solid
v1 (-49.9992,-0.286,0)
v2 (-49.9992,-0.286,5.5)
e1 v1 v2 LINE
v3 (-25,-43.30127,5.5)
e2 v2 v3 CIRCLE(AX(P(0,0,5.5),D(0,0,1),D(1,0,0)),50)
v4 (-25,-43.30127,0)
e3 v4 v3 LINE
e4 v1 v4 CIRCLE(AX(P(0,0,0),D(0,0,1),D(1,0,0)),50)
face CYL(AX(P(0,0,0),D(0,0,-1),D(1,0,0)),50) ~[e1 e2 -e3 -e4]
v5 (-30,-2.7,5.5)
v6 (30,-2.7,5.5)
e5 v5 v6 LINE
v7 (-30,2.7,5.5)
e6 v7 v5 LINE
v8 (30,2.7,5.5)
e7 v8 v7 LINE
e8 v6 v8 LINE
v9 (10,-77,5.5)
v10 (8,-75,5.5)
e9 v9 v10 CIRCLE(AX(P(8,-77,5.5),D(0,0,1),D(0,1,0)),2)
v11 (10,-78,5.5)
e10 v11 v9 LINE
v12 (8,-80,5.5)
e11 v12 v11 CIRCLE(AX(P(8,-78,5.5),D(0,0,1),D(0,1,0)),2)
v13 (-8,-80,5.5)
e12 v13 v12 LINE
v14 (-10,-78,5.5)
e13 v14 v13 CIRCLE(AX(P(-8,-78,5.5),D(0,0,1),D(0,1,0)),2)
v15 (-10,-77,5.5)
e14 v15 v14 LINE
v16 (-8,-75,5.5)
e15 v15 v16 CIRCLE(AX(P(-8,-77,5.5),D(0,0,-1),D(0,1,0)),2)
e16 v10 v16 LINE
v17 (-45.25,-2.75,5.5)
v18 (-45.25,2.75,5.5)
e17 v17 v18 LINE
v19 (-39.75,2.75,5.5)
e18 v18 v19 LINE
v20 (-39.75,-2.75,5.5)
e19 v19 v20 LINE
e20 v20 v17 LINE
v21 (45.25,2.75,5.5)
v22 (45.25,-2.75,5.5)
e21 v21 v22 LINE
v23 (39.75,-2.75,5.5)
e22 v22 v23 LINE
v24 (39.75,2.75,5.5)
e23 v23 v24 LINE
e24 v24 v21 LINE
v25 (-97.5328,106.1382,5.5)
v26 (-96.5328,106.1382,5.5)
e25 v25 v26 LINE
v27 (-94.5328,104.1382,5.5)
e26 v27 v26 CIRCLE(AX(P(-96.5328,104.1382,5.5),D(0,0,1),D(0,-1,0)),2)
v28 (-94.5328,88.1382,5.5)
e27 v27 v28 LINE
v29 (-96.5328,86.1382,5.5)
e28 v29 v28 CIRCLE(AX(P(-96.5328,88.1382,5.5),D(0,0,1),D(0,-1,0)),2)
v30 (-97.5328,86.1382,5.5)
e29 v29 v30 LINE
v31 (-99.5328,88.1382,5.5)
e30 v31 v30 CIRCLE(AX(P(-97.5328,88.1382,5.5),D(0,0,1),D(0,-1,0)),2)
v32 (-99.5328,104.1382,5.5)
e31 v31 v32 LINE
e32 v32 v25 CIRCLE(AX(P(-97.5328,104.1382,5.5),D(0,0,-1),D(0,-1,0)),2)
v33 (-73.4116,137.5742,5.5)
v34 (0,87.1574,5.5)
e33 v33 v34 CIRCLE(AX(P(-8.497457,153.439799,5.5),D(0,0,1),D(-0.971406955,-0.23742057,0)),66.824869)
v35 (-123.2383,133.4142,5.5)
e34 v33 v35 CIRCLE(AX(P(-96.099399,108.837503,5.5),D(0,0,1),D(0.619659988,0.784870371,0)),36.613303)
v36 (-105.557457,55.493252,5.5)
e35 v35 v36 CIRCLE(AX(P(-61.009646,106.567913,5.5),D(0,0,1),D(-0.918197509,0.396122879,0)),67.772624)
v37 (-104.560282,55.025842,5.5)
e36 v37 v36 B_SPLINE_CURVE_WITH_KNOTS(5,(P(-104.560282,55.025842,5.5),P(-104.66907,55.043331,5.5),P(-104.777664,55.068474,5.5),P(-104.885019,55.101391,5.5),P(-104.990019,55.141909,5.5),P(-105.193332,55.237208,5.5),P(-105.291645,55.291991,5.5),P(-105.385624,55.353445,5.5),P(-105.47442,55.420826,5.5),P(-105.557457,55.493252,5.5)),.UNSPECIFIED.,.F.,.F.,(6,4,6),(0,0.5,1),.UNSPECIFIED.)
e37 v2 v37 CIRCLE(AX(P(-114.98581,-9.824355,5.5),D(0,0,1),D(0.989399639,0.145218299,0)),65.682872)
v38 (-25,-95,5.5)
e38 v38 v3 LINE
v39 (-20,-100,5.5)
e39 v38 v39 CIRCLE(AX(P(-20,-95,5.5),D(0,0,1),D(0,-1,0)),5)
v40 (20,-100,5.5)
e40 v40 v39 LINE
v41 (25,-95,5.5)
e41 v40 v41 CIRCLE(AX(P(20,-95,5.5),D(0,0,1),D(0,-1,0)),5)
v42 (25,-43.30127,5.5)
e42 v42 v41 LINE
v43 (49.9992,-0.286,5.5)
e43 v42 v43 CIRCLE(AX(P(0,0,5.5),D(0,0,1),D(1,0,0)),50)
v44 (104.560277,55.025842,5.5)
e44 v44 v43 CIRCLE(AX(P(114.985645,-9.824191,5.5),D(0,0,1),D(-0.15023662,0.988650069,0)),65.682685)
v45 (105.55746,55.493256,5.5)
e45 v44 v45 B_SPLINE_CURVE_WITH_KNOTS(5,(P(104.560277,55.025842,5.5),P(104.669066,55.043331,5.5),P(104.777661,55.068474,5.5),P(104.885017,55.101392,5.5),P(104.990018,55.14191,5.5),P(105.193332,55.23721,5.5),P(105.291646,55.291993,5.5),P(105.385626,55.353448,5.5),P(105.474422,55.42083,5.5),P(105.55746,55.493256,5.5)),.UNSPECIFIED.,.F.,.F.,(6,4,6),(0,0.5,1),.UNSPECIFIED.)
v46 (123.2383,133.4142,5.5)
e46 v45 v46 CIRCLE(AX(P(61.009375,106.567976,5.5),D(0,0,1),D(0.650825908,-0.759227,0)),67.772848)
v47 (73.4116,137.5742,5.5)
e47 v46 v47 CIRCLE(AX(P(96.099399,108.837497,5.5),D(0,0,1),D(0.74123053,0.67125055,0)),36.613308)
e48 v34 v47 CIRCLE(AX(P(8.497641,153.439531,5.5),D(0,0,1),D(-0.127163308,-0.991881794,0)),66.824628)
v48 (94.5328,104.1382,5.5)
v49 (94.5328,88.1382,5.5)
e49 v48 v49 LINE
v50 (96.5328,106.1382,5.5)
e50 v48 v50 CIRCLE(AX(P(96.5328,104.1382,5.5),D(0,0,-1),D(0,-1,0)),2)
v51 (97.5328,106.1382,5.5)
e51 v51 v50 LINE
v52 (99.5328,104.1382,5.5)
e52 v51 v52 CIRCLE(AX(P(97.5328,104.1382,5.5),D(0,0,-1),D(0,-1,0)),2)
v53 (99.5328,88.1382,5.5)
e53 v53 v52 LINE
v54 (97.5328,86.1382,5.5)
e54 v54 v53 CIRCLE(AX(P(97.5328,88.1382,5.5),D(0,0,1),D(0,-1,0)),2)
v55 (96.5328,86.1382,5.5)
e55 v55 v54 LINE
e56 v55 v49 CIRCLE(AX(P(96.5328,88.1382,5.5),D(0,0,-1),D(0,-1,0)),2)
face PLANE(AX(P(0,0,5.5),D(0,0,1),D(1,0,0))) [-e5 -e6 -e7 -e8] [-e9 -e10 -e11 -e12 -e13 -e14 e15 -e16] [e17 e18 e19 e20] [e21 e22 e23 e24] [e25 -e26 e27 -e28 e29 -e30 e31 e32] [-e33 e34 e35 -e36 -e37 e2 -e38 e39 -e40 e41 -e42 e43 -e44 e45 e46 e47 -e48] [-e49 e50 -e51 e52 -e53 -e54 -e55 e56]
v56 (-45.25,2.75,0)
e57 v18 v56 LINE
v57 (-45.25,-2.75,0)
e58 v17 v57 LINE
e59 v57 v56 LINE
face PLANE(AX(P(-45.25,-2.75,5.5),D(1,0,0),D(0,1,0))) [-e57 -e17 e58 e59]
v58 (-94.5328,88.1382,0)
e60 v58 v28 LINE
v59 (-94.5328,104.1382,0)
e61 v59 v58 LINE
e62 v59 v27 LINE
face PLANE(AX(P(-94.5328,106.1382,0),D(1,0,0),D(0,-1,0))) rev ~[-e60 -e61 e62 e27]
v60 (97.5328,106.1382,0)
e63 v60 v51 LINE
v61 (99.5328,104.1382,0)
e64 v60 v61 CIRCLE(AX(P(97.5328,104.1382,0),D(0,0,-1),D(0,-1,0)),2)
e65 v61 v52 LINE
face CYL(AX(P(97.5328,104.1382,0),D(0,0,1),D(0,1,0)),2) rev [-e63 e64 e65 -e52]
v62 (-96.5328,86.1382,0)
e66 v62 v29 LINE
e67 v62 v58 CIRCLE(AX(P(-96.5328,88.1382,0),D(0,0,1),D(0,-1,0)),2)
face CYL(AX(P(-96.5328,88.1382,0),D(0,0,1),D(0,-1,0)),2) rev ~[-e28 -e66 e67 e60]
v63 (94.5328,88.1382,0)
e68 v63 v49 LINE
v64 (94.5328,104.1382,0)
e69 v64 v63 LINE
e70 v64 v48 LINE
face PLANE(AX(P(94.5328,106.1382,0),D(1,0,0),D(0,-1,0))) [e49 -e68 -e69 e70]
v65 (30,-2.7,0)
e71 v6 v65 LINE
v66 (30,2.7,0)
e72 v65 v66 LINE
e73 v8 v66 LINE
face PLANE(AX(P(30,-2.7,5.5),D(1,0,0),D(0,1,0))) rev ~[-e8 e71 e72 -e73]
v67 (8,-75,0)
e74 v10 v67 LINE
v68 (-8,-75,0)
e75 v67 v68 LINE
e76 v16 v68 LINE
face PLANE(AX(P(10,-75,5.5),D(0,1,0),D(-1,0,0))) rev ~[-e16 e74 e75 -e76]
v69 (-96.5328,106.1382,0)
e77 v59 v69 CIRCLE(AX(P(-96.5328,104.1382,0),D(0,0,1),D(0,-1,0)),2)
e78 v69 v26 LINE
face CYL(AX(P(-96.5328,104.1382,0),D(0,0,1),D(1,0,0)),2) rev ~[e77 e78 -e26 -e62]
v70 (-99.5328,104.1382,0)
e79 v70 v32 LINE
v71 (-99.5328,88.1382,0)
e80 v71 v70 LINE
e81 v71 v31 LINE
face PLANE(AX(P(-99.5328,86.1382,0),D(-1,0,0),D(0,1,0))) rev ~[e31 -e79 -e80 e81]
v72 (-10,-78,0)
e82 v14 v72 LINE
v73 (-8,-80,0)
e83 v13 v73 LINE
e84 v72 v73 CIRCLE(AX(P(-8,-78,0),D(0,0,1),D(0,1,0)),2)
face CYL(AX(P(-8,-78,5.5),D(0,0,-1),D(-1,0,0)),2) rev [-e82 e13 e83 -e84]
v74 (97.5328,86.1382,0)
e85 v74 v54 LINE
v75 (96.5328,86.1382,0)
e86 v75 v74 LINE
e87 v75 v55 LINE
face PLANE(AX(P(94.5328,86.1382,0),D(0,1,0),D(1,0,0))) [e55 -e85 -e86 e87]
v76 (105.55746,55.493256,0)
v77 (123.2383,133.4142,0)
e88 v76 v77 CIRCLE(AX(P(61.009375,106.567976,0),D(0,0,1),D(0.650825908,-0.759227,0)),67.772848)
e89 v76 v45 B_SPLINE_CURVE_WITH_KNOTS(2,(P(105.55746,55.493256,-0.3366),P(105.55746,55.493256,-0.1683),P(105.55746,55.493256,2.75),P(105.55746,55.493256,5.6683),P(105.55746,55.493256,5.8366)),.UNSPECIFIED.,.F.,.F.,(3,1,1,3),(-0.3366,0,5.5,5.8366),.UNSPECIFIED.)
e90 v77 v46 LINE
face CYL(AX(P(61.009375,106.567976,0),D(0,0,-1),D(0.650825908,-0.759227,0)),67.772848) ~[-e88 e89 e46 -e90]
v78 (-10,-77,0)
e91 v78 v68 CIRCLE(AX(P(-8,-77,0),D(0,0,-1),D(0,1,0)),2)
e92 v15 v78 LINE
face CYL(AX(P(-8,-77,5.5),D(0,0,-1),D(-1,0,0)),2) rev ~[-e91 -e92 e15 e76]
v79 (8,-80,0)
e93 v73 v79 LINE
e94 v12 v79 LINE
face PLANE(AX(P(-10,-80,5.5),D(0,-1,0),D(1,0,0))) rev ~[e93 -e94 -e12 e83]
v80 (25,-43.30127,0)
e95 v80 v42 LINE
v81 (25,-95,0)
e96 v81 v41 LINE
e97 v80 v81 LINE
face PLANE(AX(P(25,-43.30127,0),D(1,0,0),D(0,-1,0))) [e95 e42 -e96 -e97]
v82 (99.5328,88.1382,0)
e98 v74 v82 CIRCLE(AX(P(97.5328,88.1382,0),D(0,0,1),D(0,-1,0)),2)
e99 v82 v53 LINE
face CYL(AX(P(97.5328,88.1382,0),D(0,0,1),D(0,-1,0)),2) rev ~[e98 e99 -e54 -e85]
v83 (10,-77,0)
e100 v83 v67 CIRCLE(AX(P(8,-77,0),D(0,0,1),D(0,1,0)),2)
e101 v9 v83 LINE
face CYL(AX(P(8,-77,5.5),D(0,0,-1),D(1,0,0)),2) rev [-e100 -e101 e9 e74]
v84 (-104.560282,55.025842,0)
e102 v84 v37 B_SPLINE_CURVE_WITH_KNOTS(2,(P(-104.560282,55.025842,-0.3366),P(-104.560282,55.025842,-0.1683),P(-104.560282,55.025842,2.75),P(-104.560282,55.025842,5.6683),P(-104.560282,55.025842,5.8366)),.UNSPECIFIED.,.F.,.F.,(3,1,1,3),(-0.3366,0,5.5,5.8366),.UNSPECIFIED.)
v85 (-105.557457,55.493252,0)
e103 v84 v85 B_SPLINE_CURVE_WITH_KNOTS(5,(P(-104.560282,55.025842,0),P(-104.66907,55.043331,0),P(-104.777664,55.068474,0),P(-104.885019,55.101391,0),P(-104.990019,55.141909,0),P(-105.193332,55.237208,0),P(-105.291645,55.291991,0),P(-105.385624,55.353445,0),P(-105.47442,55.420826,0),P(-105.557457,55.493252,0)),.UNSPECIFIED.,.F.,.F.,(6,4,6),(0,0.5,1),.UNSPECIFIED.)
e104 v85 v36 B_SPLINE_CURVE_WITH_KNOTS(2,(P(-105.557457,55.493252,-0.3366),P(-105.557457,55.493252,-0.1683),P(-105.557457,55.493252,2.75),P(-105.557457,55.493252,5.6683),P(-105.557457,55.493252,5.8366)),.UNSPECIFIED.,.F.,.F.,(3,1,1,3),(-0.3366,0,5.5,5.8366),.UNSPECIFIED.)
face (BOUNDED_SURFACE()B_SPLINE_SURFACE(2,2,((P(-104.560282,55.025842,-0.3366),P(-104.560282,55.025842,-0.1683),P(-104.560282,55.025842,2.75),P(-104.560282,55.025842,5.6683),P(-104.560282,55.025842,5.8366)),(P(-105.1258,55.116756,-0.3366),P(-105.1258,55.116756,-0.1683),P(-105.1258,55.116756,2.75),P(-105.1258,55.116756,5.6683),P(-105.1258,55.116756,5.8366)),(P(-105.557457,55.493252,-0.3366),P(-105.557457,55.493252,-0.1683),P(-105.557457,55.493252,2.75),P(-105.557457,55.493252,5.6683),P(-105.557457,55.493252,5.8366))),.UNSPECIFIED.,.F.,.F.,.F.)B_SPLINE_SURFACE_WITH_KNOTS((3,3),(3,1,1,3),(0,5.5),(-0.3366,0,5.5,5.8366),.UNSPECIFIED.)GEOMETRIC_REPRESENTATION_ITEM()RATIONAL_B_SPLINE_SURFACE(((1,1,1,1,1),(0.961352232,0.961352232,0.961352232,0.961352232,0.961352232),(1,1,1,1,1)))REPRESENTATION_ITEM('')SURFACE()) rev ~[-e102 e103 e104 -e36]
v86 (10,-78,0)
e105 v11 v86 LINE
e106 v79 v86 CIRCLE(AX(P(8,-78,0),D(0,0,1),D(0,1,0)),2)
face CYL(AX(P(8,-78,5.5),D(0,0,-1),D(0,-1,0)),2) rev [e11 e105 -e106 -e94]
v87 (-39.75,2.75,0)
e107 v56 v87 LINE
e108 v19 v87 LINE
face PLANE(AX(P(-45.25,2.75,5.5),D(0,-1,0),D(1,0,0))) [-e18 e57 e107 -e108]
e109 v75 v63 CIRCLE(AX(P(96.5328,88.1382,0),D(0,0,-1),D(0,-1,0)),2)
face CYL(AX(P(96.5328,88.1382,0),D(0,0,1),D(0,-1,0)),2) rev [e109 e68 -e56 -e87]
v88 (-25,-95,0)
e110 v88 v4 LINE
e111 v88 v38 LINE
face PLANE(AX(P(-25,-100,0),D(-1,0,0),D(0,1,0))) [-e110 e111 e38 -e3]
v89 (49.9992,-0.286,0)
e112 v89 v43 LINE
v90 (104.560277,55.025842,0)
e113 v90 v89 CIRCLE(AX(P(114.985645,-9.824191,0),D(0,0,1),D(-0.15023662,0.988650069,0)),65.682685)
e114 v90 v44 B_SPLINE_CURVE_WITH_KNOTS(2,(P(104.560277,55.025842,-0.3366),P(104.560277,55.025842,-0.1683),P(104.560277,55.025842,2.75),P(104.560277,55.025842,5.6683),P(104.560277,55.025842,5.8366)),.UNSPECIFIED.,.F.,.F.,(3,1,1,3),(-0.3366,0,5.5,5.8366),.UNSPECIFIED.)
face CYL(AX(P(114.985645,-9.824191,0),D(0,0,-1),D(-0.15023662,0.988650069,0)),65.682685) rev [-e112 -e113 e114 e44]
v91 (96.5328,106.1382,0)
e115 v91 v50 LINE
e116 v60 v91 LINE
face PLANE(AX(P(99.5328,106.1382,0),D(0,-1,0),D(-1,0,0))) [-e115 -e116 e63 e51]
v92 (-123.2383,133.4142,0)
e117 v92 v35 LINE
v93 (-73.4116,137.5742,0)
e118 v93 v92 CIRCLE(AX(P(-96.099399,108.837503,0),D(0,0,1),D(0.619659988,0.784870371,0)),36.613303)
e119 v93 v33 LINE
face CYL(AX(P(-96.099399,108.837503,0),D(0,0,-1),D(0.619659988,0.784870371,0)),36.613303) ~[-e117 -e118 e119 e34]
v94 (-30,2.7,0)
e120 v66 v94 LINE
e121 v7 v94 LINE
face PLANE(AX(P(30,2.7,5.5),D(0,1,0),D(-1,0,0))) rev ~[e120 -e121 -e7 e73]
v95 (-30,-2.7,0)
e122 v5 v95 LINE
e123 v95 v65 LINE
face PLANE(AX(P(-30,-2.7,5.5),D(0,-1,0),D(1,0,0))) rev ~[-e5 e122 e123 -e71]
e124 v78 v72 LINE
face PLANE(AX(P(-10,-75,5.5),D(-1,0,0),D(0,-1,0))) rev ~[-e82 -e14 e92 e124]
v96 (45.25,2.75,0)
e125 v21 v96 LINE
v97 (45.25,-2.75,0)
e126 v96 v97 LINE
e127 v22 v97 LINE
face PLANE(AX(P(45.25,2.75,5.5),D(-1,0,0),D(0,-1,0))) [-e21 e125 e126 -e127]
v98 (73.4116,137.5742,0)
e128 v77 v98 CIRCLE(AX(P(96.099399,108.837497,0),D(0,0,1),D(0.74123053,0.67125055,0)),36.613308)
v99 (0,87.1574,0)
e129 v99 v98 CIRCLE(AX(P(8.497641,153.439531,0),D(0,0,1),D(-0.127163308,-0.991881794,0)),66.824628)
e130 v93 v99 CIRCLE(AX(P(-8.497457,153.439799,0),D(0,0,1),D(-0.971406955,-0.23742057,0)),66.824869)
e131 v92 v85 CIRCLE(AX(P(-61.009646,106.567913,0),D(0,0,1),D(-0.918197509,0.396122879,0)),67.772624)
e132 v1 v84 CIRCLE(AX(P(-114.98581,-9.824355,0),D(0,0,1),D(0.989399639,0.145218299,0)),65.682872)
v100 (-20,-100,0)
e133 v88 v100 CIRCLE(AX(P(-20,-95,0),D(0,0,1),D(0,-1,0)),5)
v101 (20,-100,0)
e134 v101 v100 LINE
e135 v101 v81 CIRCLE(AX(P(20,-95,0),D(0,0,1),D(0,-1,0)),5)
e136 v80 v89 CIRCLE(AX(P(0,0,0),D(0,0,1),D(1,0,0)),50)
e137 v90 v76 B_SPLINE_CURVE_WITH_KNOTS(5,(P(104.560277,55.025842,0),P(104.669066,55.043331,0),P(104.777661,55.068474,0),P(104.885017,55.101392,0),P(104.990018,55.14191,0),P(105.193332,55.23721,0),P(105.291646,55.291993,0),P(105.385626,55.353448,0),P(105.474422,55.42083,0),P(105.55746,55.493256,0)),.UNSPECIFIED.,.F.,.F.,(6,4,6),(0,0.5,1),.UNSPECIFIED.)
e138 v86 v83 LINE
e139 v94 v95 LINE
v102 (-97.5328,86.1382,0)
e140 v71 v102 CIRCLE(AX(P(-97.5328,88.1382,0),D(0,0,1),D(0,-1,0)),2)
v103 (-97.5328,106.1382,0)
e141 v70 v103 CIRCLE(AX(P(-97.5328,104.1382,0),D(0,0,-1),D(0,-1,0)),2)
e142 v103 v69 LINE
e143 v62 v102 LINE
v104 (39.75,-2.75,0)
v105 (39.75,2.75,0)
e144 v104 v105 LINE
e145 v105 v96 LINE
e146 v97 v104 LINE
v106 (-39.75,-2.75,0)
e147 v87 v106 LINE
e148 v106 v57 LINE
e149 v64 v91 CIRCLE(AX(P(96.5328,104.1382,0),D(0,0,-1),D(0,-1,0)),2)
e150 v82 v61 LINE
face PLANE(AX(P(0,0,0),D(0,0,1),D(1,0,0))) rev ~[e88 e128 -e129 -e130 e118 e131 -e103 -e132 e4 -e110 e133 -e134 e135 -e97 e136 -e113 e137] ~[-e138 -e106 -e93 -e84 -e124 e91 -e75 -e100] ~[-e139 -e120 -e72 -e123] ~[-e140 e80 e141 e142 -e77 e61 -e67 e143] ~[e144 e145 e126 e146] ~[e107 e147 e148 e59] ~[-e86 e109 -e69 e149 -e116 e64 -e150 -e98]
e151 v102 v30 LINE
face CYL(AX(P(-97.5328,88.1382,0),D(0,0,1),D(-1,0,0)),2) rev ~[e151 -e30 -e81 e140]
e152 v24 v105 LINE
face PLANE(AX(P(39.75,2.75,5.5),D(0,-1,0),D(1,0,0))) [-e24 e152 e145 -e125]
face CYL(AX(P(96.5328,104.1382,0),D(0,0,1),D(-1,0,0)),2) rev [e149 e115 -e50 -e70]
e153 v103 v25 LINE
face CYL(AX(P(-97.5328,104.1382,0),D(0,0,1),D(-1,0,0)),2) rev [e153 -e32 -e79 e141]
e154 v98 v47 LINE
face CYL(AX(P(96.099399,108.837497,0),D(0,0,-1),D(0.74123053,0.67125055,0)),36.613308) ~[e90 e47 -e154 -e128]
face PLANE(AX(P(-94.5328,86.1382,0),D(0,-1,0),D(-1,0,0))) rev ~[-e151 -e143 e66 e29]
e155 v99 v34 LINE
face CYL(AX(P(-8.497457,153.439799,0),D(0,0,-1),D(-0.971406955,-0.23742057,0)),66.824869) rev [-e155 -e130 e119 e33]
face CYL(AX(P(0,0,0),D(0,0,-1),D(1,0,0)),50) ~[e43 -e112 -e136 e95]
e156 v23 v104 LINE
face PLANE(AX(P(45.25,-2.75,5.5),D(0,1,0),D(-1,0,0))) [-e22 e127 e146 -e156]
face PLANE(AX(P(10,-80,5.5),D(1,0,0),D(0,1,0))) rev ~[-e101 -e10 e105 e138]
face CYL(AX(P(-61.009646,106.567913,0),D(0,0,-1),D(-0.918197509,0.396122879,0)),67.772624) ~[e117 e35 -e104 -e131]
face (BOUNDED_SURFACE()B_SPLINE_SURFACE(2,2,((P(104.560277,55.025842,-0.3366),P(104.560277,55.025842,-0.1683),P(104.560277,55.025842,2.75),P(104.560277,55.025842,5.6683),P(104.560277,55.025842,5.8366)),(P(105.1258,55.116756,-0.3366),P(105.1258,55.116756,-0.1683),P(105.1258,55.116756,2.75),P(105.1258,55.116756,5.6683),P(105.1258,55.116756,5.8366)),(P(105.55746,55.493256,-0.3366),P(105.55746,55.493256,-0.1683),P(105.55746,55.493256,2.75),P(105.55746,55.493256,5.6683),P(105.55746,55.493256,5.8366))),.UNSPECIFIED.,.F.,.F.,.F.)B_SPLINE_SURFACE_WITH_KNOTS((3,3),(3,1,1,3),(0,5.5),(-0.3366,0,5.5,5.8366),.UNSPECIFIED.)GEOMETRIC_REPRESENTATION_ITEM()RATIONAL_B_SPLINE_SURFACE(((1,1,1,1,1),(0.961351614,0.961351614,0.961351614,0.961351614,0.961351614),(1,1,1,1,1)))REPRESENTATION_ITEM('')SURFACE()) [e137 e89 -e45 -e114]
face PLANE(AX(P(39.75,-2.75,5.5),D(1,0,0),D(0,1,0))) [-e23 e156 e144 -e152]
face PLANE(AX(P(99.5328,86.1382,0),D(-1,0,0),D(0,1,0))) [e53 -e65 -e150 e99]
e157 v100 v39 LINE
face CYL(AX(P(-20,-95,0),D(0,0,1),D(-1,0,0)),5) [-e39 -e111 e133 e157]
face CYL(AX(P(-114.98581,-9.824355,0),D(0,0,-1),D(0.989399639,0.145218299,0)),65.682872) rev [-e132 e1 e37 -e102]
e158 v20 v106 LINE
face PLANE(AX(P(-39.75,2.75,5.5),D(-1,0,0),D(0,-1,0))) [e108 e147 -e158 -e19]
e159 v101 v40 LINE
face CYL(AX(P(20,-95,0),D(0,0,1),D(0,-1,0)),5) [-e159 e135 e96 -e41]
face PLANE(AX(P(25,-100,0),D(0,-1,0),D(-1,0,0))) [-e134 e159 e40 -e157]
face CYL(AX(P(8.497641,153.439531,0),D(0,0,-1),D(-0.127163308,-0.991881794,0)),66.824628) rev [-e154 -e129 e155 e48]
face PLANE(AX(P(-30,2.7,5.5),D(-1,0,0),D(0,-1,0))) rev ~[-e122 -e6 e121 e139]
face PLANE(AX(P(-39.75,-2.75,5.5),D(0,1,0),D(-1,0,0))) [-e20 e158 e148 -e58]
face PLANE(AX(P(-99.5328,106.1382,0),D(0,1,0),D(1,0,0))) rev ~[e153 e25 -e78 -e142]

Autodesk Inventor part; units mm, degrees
ref_plane "YZ Plane" through (0, 0, 0) normal (1, 0, 0) x (0, 1, 0)
ref_plane "XZ Plane" through (0, 0, 0) normal (0, 1, 0) x (-1, 0, 0)
ref_plane "XY Plane" through (0, 0, 0) normal (0, 0, 1) x (1, 0, 0)
sketch "Sketch1" plane through (0, 0, 0) normal (0, 0, 1) x (1, 0, 0)
  circle A0 centre (0, 0) radius 50
  arc A1 (-73.4116, 137.5742) -> (0, 87.1574) centre (-8.4976, 153.4397) ccw
  arc A2 (-73.4116, 137.5742) -> (-123.2383, 133.4142) centre (-96.0994, 108.8375) ccw
  arc A3 (-123.2383, 133.4142) -> (-105.1177, 55.113) centre (-61.0095, 106.5679) ccw
  arc A4 (-49.9992, -0.286) -> (-105.1177, 55.113) centre (-114.9857, -9.8243) ccw
  line L0 (-25, 0) -> (25, 0)
  line L1 (25, 0) -> (25, -100)
  line L2 (25, -100) -> (-25, -100)
  line L3 (-25, -100) -> (-25, 0)
  line L4 (0, 63.4714) -> (21.5005, 63.4714) construction
  line L5 (-99.5328, 106.1382) -> (-94.5328, 106.1382)
  line L6 (-94.5328, 106.1382) -> (-94.5328, 86.1382)
  line L7 (-94.5328, 86.1382) -> (-99.5328, 86.1382)
  line L8 (-99.5328, 86.1382) -> (-99.5328, 106.1382)
  arc A5 (0, 87.1574) -> (73.4116, 137.5742) centre (8.4976, 153.4397) ccw
  arc A6 (123.2383, 133.4142) -> (73.4116, 137.5742) centre (96.0994, 108.8375) ccw
  arc A7 (105.1177, 55.113) -> (123.2383, 133.4142) centre (61.0095, 106.5679) ccw
  arc A8 (105.1177, 55.113) -> (49.9992, -0.286) centre (114.9857, -9.8243) ccw
  line L9 (99.5328, 106.1382) -> (94.5328, 106.1382)
  line L10 (94.5328, 106.1382) -> (94.5328, 86.1382)
  line L11 (94.5328, 86.1382) -> (99.5328, 86.1382)
  line L12 (99.5328, 86.1382) -> (99.5328, 106.1382)
  line L13 (49.9992, -0.286) -> (-49.9992, -0.286)
  line L14 (-7.7212, -92.2433) -> (-3.7298, -89.2319)
  line L15 (-3.7298, -89.2319) -> (-15.7757, -73.2664)
  line L16 (-15.7757, -73.2664) -> (-19.7671, -76.2779)
  line L17 (-19.7671, -76.2779) -> (-7.7212, -92.2433)
  line L18 (7.7212, -92.2433) -> (3.7298, -89.2319)
  line L19 (3.7298, -89.2319) -> (15.7757, -73.2664)
  line L20 (15.7757, -73.2664) -> (19.7671, -76.2779)
  line L21 (19.7671, -76.2779) -> (7.7212, -92.2433)
  dimension "d0" = 100
  dimension "d4" = 50
  dimension "d5" = 50
  dimension "d6" = 100
  dimension "d8" = 5
  dimension "d9" = 20
  dimension "d10" = 5
  dimension "d11" = 20
  dimension "d12" = 5
extrude "Extrusion2" add sketch "Sketch1" along normal blind 5.5 contours A0 L13 L1 L0 L3 | A0 A4 A3 A2 A1 A5 A6 A7 A8 | L13 L3 A0 | A0 L1 L13 | L3 L13 L1 A0 | A0 L1 L2 L3 | L3 L0 L1 L13 | L17 L16 L15 L14 | L18 L19 L20 L21
fillet "Fillet4" radius 2 4 edges at (-99.5328, 106.1382, 2.75) (-94.5328, 106.1382, 2.75) (-94.5328, 86.1382, 2.75) (-99.5328, 86.1382, 2.75)
fillet "Fillet5" radius 2 4 edges at (99.5328, 86.1382, 2.75) (99.5328, 106.1382, 2.75) (94.5328, 106.1382, 2.75) (94.5328, 86.1382, 2.75)
sketch "Sketch2" plane through (0, 0, 5.5) normal (0, 0, 1) x (1, 0, 0)
  line L0 (-10, -80) -> (10, -80)
  line L1 (10, -80) -> (10, -75)
  line L2 (10, -75) -> (-10, -75)
  line L3 (-10, -75) -> (-10, -80)
  point P0 (0, 0)
  dimension "d20" = 20
  dimension "d21" = 5
extrude "Extrusion3" cut sketch "Sketch2" against normal blind 5.5
fillet "Fillet6" radius 5 2 edges at (25, -100, 2.75) (-25, -100, 2.75)
fillet "Fillet7" radius 2 4 edges at (-10, -75, 2.75) (-10, -80, 2.75) (10, -80, 2.75) (10, -75, 2.75)
fillet "Fillet8" radius 2 2 edges at (-105.1177, 55.113, 2.75) (105.1177, 55.113, 2.75)
sketch "Sketch4" plane through (0, 0, 5.5) normal (0, 0, 1) x (1, 0, 0)
  line L0 (30, 2.7) -> (-30, 2.7)
  line L1 (-30, 2.7) -> (-30, -2.7)
  line L2 (-30, -2.7) -> (30, -2.7)
  line L3 (30, -2.7) -> (30, 2.7)
  point P0 (0, 0)
  dimension "d34" = 60
  dimension "d35" = 5.4
extrude "Extrusion5" cut sketch "Sketch4" against normal blind 10
sketch "Sketch5" plane through (0, 0, 5.5) normal (0, 0, 1) x (1, 0, 0)
  line L0 (39.75, 2.75) -> (45.25, 2.75)
  line L1 (45.25, 2.75) -> (45.25, -2.75)
  line L2 (45.25, -2.75) -> (39.75, -2.75)
  line L3 (39.75, -2.75) -> (39.75, 2.75)
  line L4 (-39.75, -2.75) -> (-45.25, -2.75)
  line L5 (-45.25, -2.75) -> (-45.25, 2.75)
  line L6 (-45.25, 2.75) -> (-39.75, 2.75)
  line L7 (-39.75, 2.75) -> (-39.75, -2.75)
  point P0 (0, 0)
  point P1 (0, 0)
  dimension "d40" = 5.5
  dimension "d41" = 5.5
  dimension "d42" = 360
extrude "Extrusion6" cut sketch "Sketch5" against normal blind 10
properties part number "central"
